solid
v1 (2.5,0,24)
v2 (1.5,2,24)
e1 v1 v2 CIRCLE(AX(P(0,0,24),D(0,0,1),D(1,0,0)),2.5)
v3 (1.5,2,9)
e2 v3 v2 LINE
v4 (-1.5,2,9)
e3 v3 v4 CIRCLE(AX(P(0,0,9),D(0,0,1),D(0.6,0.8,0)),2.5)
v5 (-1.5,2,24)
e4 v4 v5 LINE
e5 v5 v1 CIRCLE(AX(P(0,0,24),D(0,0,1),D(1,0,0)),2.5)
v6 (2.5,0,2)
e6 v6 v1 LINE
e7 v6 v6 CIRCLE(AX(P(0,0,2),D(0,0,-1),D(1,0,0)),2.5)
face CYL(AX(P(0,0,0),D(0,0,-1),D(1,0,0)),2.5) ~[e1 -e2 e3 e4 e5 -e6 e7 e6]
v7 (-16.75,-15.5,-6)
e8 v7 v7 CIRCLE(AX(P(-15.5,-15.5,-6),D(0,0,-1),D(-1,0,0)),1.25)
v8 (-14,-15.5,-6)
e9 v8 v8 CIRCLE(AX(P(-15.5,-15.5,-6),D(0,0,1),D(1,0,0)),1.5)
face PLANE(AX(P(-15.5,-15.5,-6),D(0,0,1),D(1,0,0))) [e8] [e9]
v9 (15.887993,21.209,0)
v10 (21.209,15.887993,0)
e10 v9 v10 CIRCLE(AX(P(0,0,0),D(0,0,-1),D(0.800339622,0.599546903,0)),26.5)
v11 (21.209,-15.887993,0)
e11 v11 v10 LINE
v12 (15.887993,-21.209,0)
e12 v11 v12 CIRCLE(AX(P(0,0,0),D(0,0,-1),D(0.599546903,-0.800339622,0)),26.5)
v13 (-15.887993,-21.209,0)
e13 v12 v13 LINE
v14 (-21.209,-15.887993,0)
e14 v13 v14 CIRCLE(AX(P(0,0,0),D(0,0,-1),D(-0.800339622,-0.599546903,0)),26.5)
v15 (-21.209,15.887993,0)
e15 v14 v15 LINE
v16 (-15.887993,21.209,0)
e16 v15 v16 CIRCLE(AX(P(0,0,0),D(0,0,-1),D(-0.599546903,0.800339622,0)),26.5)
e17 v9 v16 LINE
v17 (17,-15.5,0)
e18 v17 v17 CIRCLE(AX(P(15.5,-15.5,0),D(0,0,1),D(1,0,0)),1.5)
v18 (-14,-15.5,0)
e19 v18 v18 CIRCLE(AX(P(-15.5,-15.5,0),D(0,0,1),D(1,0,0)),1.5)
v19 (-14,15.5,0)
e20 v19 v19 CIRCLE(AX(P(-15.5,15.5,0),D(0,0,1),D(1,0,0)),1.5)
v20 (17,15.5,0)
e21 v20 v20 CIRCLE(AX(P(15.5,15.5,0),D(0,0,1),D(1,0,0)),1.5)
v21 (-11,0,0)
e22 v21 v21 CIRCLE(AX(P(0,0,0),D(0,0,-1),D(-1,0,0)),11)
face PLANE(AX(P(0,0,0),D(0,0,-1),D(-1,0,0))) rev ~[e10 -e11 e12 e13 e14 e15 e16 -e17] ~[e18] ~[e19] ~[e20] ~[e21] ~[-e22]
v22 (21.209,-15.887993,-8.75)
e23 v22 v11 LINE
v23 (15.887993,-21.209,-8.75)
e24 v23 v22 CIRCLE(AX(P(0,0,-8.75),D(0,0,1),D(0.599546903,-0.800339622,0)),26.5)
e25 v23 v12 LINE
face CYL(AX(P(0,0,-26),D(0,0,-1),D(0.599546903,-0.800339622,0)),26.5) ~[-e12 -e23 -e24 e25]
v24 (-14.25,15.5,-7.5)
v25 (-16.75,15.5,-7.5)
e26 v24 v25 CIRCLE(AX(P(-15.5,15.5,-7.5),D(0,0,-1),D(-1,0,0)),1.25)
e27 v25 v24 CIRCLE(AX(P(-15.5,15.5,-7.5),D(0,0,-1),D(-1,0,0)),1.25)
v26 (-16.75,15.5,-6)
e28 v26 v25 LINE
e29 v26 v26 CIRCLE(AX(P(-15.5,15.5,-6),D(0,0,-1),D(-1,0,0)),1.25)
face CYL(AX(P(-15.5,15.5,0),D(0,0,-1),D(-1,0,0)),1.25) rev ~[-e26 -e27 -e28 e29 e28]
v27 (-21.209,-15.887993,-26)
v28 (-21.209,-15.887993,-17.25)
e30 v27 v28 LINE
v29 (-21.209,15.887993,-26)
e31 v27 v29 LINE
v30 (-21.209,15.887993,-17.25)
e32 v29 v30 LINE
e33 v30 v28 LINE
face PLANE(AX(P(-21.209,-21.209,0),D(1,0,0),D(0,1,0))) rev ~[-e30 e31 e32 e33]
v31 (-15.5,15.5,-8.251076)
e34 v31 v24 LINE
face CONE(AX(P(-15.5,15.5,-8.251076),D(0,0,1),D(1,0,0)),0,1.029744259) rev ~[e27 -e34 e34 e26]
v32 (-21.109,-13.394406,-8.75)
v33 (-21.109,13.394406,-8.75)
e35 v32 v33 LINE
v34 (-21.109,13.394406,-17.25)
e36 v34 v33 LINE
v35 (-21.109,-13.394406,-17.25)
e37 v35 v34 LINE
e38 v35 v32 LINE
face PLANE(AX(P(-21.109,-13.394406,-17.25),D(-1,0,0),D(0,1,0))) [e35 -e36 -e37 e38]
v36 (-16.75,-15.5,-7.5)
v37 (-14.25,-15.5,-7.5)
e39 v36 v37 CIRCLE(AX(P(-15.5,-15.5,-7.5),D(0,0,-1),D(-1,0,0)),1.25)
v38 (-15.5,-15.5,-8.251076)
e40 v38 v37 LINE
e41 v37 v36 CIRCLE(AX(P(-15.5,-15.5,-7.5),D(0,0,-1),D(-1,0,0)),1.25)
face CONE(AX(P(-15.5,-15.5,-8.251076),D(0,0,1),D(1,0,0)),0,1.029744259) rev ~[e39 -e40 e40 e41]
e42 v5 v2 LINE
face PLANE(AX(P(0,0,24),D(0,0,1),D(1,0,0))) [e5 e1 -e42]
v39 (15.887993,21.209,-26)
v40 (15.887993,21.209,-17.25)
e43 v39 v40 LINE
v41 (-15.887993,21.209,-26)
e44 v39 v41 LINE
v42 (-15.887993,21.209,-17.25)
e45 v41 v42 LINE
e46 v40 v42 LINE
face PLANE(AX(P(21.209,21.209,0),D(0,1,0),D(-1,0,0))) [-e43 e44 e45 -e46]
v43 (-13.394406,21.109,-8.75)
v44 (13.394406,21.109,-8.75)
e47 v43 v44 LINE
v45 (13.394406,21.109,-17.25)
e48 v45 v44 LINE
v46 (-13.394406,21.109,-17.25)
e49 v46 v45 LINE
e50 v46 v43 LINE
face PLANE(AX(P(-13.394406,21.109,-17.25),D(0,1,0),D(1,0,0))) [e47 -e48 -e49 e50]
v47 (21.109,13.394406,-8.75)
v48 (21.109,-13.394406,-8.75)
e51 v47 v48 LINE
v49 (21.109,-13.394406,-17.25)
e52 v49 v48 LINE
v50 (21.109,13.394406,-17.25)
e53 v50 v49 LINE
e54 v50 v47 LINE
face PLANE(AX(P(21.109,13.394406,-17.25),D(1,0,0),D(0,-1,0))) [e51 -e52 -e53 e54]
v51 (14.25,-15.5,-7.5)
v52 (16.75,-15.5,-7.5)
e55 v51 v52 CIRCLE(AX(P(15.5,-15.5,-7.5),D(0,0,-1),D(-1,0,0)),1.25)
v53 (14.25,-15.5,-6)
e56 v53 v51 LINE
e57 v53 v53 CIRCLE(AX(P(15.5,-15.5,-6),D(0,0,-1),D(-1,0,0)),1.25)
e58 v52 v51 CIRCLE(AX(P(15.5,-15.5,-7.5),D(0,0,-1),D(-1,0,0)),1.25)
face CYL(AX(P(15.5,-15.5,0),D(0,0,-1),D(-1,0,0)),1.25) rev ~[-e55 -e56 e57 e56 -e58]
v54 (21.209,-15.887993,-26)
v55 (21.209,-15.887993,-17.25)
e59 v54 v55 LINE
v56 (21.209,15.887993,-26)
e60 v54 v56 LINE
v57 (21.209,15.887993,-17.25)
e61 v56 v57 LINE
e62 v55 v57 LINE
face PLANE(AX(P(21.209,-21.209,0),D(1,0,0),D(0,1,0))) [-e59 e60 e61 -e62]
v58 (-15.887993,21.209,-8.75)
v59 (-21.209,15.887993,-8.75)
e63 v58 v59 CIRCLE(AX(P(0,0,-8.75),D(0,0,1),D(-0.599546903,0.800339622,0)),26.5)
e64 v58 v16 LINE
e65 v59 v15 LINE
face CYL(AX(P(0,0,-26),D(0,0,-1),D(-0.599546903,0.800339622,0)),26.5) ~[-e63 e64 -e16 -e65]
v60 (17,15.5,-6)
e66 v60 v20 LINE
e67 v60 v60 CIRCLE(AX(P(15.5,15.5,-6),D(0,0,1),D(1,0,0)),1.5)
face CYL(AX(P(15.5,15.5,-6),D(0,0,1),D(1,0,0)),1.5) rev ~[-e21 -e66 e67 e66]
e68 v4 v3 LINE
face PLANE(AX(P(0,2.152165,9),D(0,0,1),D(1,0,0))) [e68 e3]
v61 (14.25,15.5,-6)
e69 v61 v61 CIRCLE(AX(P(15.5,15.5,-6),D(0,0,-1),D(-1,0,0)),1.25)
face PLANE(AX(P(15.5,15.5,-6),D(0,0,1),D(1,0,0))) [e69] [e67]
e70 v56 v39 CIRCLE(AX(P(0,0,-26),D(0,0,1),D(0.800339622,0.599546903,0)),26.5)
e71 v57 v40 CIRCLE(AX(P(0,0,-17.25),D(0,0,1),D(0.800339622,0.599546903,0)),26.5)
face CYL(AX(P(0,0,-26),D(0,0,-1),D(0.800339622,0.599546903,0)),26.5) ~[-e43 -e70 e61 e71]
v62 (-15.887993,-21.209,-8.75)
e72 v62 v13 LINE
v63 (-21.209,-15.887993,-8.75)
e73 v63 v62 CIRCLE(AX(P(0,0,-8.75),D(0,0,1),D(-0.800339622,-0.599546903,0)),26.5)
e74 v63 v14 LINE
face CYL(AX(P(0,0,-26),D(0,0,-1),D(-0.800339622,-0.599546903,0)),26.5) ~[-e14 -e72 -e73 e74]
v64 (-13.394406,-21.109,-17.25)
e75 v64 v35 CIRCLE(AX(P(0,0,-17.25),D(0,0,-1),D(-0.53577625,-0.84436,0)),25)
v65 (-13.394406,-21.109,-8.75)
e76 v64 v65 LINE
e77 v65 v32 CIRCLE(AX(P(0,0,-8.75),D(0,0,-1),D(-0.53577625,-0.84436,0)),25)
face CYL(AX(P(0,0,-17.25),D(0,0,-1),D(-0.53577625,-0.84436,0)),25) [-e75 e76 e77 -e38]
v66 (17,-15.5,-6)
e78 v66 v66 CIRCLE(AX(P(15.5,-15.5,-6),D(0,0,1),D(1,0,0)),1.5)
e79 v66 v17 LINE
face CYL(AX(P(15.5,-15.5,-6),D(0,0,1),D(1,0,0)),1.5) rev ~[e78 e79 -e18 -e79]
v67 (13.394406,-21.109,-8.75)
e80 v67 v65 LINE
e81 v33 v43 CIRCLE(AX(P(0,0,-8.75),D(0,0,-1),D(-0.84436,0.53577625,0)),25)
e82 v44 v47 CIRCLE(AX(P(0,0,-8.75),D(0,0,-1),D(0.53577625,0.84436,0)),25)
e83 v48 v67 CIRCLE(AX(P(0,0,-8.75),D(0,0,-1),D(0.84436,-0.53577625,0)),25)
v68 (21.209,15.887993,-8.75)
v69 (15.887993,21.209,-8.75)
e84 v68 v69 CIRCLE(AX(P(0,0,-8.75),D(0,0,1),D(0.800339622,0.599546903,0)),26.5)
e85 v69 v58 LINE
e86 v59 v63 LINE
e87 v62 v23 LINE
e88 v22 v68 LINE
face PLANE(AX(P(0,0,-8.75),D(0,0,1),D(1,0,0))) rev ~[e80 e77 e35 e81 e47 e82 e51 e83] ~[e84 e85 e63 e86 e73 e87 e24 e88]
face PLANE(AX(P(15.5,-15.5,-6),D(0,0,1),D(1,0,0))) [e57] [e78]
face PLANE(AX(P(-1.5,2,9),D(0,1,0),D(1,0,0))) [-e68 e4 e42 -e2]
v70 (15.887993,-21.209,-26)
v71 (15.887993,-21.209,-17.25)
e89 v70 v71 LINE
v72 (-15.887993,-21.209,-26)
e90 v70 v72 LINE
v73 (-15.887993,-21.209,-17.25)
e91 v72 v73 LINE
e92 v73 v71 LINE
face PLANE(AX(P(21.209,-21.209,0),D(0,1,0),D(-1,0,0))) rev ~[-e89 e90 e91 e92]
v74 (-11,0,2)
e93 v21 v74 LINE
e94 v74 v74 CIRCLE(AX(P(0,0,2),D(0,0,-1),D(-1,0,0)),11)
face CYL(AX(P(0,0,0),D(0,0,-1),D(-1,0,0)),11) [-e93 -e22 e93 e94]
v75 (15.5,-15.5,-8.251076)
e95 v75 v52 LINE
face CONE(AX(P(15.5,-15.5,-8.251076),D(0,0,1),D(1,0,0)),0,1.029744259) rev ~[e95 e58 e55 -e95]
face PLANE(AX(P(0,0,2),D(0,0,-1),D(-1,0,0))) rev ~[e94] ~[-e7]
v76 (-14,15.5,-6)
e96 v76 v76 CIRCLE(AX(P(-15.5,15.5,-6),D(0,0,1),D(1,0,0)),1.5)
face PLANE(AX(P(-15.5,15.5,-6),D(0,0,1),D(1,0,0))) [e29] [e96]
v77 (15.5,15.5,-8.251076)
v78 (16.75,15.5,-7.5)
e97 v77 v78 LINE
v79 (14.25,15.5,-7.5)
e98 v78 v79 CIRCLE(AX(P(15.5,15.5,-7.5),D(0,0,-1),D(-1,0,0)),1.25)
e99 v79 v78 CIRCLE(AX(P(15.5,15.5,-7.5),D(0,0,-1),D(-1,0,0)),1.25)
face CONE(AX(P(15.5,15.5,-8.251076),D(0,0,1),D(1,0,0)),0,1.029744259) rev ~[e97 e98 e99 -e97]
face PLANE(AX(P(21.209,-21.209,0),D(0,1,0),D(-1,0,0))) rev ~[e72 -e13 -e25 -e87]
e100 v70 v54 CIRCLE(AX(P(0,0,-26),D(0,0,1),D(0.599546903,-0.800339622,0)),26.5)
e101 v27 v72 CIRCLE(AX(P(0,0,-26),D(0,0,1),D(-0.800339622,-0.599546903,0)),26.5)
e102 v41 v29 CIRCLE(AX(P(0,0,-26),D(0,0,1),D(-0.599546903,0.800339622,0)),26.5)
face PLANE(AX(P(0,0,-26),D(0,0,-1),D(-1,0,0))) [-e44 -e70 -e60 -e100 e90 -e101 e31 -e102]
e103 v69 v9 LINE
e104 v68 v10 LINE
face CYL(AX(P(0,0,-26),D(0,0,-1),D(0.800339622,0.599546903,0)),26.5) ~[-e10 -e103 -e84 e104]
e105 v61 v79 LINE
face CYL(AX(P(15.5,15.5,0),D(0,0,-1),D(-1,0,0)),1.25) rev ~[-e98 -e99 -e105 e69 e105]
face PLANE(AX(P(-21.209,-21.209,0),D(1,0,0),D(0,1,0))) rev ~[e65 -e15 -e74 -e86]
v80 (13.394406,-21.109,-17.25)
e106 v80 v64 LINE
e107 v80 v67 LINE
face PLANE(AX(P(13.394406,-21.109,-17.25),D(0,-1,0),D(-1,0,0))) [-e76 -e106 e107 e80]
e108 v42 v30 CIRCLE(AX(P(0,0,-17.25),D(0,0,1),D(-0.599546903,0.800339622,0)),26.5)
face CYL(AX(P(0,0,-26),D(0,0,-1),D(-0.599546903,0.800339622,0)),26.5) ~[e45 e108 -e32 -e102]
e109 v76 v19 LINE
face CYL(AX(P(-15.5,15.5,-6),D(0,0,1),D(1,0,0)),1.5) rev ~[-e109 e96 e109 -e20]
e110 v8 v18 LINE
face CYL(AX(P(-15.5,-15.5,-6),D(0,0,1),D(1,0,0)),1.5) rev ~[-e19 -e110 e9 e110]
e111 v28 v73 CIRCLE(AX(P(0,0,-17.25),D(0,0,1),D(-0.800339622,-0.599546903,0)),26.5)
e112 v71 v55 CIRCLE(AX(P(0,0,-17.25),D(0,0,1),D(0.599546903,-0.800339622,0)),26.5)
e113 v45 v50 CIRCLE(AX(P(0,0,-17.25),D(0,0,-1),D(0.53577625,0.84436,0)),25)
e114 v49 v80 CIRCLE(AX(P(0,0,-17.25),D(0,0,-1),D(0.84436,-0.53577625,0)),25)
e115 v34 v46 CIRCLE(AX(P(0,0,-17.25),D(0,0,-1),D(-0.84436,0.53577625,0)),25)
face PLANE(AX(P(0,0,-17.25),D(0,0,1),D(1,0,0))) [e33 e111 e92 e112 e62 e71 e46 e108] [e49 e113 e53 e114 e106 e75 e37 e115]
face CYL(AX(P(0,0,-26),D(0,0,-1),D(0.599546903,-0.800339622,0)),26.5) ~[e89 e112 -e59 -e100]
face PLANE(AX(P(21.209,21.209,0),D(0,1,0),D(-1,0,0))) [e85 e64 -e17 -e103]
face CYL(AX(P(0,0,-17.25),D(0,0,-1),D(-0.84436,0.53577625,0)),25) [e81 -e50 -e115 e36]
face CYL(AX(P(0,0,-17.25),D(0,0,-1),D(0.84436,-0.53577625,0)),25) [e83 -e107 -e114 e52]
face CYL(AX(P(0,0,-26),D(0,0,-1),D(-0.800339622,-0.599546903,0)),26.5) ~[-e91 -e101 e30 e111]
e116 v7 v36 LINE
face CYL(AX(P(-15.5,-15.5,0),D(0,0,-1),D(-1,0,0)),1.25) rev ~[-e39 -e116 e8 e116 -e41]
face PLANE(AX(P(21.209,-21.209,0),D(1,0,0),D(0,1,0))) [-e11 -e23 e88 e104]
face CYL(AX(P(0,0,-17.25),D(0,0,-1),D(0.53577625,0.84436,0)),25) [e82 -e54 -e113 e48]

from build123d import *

# Parameters (mm, degrees)
SKETCH1_R                       = 2.5
BOSS_EXTRUDE1_DEPTH             = 24
SKETCH2_R                       = 11
BOSS_EXTRUDE2_DEPTH             = 2
SKETCH3_W                       = 42.418
SKETCH3_H                       = 42.418
BOSS_EXTRUDE3_DEPTH             = 26
CUT_EXTRUDE1_DEPTH              = 59.306460723
M3X0_5_TAPPED_HOLE1_D           = 2.5
M3X0_5_TAPPED_HOLE1_DEPTH       = 7.5
M3X0_5_TAPPED_HOLE1_CBORE_D     = 3
M3X0_5_TAPPED_HOLE1_CBORE_DEPTH = 6
M3X0_5_TAPPED_HOLE1_TIP         = 0.751075774
CUT_EXTRUDE2_START              = -15
CUT_EXTRUDE2_DEPTH              = 15
CUT_EXTRUDE3_DEPTH              = 4.25
CUT_EXTRUDE3_DEPTH_BACK         = 4.25


with BuildPart() as part:
    # Sketch1 → Boss-Extrude1 (new body)
    with BuildSketch(Plane.XY):
        Circle(SKETCH1_R)
    extrude(amount=BOSS_EXTRUDE1_DEPTH)

    # Sketch2 → Boss-Extrude2 (add)
    with BuildSketch(Plane(origin=(0, 0, 0), x_dir=(-1, 0, 0), z_dir=(0, 0, -1))):
        Circle(SKETCH2_R)
    extrude(amount=-BOSS_EXTRUDE2_DEPTH)

    # Sketch3 → Boss-Extrude3 (add)
    with BuildSketch(Plane(origin=(0, 0, 0), x_dir=(-1, 0, 0), z_dir=(0, 0, -1))):
        Rectangle(SKETCH3_W, SKETCH3_H)
    extrude(amount=BOSS_EXTRUDE3_DEPTH)

    # Sketch4 → Cut-Extrude1 (cut, through all)
    with BuildSketch(Plane(origin=(0, 0, -26), x_dir=(-1, 0, 0), z_dir=(0, 0, -1))):
        with BuildLine():
            Line((-21.209, -15.887992919), (-21.209, -21.209))
            Line((-21.209, -21.209), (-15.887992919, -21.209))
            ThreePointArc((-15.887992919, -21.209), (-18.738329701, -18.738329701), (-21.209, -15.887992919))
        make_face()
        with BuildLine():
            Line((15.887992919, -21.209), (21.209, -21.209))
            Line((21.209, -21.209), (21.209, -15.887992919))
            ThreePointArc((21.209, -15.887992919), (18.738329701, -18.738329701), (15.887992919, -21.209))
        make_face()
        with BuildLine():
            Line((21.209, 15.887992919), (21.209, 21.209))
            Line((21.209, 21.209), (15.887992919, 21.209))
            ThreePointArc((15.887992919, 21.209), (18.738329701, 18.738329701), (21.209, 15.887992919))
        make_face()
        with BuildLine():
            Line((-15.887992919, 21.209), (-21.209, 21.209))
            Line((-21.209, 21.209), (-21.209, 15.887992919))
            ThreePointArc((-21.209, 15.887992919), (-18.738329701, 18.738329701), (-15.887992919, 21.209))
        make_face()
    extrude(amount=-CUT_EXTRUDE1_DEPTH, mode=Mode.SUBTRACT)

    # M3x0.5 Tapped Hole1
    with Locations(Plane.XY):
        with Locations((-15.5, 15.5), (-15.5, -15.5), (15.5, -15.5), (15.5, 15.5)):
            CounterBoreHole(M3X0_5_TAPPED_HOLE1_D / 2, M3X0_5_TAPPED_HOLE1_CBORE_D / 2, M3X0_5_TAPPED_HOLE1_CBORE_DEPTH, depth=M3X0_5_TAPPED_HOLE1_DEPTH)
            with Locations((0, 0, -(M3X0_5_TAPPED_HOLE1_DEPTH + M3X0_5_TAPPED_HOLE1_TIP / 2))):  # 118° drill point
                Cone(0, M3X0_5_TAPPED_HOLE1_D / 2, M3X0_5_TAPPED_HOLE1_TIP, mode=Mode.SUBTRACT)

    # Sketch7 → Cut-Extrude2 (cut)
    with BuildSketch(Plane.XY.offset(24).offset(CUT_EXTRUDE2_START)):
        with BuildLine():
            Line((-1.5, 2), (1.5, 2))
            ThreePointArc((1.5, 2), (0, 2.5), (-1.5, 2))
        make_face()
    extrude(amount=CUT_EXTRUDE2_DEPTH, mode=Mode.SUBTRACT)

    # Sketch8 → Cut-Extrude3 (cut, two sides: drawn at the far end of the back side and taken through both)
    with BuildSketch(Plane.XY.offset(-13).offset(-CUT_EXTRUDE3_DEPTH_BACK)):
        with BuildLine():
            Line((15.887992919, 21.209), (-15.887992919, 21.209))
            ThreePointArc((-15.887992919, 21.209), (-18.738329701, 18.738329701), (-21.209, 15.887992919))
            Line((-21.209, 15.887992919), (-21.209, -15.887992919))
            ThreePointArc((-21.209, -15.887992919), (-18.738329701, -18.738329701), (-15.887992919, -21.209))
            Line((-15.887992919, -21.209), (15.887992919, -21.209))
            ThreePointArc((15.887992919, -21.209), (18.738329701, -18.738329701), (21.209, -15.887992919))
            Line((21.209, -15.887992919), (21.209, 15.887992919))
            ThreePointArc((21.209, 15.887992919), (18.738329701, 18.738329701), (15.887992919, 21.209))
        make_face()
        with BuildLine():
            Line((-13.394406258, 21.109), (13.394406258, 21.109))
            ThreePointArc((13.394406258, 21.109), (17.67766953, 17.67766953), (21.109, 13.394406258))
            Line((21.109, 13.394406258), (21.109, -13.394406258))
            ThreePointArc((21.109, -13.394406258), (17.67766953, -17.67766953), (13.394406258, -21.109))
            Line((13.394406258, -21.109), (-13.394406258, -21.109))
            ThreePointArc((-13.394406258, -21.109), (-17.67766953, -17.67766953), (-21.109, -13.394406258))
            Line((-21.109, -13.394406258), (-21.109, 13.394406258))
            ThreePointArc((-21.109, 13.394406258), (-17.67766953, 17.67766953), (-13.394406258, 21.109))
        make_face(mode=Mode.SUBTRACT)
    extrude(amount=CUT_EXTRUDE3_DEPTH + CUT_EXTRUDE3_DEPTH_BACK, mode=Mode.SUBTRACT)


solid = part.part
